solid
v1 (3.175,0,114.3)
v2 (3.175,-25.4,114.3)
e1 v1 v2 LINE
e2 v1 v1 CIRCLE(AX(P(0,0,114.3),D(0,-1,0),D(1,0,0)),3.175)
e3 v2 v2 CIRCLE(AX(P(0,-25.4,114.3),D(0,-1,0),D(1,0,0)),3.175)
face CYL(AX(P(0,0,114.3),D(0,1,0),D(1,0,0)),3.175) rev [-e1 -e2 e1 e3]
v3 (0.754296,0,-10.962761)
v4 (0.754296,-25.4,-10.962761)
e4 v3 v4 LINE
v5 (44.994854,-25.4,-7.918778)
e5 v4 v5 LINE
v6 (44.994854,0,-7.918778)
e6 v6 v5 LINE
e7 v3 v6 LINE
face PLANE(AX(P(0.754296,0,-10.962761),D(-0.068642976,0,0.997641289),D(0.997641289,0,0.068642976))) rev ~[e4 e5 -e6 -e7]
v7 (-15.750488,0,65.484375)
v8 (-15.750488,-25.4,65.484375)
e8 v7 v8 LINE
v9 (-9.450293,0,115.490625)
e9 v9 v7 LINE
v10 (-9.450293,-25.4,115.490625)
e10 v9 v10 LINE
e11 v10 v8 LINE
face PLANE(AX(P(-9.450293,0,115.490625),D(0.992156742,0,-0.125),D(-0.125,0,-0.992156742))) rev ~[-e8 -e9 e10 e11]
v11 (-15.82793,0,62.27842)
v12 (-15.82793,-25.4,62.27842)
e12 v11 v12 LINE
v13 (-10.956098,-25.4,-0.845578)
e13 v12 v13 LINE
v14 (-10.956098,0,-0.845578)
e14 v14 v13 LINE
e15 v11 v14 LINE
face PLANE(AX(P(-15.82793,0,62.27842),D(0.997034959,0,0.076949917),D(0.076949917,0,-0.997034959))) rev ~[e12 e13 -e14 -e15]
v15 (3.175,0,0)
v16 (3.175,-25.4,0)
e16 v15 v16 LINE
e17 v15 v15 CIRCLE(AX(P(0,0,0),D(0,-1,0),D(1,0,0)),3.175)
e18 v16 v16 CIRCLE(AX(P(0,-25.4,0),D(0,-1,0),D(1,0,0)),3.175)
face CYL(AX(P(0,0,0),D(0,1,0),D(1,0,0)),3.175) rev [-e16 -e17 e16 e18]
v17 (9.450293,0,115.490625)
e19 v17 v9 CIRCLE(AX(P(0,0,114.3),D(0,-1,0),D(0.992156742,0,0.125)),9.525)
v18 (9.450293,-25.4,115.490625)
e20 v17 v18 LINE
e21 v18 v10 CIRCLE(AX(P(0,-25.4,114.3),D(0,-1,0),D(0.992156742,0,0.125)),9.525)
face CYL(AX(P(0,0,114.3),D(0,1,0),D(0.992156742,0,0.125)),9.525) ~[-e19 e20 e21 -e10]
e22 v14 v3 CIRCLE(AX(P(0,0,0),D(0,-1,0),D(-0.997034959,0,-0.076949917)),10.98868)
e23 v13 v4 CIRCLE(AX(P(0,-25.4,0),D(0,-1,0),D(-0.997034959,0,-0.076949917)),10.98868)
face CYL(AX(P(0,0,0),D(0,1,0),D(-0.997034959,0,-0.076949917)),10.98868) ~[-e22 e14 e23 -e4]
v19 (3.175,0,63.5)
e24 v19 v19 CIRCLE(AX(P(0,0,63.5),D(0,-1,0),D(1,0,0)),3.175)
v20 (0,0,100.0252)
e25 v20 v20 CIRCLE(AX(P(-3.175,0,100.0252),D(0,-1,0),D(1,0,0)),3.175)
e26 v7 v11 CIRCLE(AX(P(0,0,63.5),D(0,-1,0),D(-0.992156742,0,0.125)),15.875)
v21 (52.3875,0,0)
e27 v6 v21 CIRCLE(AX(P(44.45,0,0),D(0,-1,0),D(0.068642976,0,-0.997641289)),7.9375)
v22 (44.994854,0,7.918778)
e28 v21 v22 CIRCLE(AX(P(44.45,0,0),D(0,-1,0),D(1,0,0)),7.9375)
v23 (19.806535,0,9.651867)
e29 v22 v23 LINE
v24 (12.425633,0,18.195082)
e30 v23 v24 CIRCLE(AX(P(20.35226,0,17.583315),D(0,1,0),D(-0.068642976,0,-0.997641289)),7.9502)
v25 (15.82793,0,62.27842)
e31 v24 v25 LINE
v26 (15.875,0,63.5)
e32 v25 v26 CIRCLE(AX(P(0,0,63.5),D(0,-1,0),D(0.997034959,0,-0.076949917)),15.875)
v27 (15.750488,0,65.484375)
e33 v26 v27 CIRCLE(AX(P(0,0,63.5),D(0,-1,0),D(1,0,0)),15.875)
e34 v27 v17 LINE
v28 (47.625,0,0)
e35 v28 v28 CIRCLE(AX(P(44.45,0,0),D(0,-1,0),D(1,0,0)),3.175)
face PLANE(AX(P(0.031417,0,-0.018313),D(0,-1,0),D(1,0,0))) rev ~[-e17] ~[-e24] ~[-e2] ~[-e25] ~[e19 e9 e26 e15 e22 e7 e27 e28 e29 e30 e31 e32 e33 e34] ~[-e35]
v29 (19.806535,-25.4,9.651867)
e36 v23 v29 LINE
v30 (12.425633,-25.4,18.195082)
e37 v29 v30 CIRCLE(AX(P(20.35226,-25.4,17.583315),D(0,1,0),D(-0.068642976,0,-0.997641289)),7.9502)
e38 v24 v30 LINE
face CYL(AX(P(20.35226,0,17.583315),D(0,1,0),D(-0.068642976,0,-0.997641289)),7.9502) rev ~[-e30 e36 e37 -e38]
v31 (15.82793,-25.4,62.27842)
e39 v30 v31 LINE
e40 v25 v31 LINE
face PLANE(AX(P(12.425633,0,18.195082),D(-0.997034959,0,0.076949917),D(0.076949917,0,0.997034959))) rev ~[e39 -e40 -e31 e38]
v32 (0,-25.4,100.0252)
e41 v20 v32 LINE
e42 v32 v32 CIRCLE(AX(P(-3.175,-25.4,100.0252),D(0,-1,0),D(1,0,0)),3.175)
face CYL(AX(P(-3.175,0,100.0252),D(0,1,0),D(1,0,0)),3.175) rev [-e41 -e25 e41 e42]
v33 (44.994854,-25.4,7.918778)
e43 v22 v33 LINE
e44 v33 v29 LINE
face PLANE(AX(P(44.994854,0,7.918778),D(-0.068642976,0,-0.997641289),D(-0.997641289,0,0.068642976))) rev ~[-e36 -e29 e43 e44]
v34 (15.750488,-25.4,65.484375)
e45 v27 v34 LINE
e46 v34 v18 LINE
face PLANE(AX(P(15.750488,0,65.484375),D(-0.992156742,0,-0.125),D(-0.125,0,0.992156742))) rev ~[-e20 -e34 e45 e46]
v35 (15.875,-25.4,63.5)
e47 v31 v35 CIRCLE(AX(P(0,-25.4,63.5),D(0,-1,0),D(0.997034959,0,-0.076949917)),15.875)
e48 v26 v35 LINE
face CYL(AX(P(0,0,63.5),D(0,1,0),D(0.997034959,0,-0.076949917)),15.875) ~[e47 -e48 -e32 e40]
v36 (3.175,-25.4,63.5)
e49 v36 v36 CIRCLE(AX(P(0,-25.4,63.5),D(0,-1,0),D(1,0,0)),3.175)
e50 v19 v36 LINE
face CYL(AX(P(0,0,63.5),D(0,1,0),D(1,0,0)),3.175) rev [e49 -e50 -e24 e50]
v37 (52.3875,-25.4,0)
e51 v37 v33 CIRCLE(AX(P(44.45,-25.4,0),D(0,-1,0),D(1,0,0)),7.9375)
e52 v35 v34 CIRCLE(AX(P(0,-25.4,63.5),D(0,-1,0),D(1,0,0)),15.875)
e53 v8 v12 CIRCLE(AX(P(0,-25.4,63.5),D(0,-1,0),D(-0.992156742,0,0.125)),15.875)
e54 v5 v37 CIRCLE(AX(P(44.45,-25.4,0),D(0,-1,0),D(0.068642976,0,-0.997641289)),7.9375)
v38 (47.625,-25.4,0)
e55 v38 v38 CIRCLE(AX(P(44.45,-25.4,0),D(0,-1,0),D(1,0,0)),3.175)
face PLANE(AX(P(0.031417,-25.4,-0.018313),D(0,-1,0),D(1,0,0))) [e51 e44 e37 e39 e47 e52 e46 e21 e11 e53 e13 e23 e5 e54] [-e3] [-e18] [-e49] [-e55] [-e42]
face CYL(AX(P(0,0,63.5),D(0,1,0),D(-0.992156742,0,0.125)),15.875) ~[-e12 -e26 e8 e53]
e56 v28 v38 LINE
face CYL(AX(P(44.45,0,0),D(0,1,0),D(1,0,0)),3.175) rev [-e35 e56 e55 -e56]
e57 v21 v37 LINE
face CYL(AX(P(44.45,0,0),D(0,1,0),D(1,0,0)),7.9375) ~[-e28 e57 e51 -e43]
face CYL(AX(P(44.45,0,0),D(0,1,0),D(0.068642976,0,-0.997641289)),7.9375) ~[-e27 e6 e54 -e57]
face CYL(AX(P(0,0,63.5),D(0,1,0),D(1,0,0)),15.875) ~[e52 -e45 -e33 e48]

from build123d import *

# Parameters (mm, degrees)
F0_R     = 3.175
F1_DEPTH = 25.4


with BuildPart() as f1:
    # F0 (on Front) → F1 (new body)
    with BuildSketch(Plane.XZ):
        with BuildLine():
            ThreePointArc((10.9560984125, -0.8455780324), (10.9805318034, -0.4231027617), (10.9886802953, 0))
            ThreePointArc((10.9886802953, 0), (8.0324283114, 7.4987458988), (0.7542957208, 10.9627611759))
            ThreePointArc((0.7542957208, 10.9627611759), (-7.8024619995, 7.7377439463), (-10.9560984125, -0.8455780324))
            ThreePointArc((-10.9560984125, -0.8455780324), (-7.1839086318, -8.3152000218), (0.7542957208, -10.9627611759))
            ThreePointArc((0.7542957208, -10.9627611759), (7.7377439463, -7.8024619995), (10.9560984125, -0.8455780324))
        make_face()
        Circle(F0_R, mode=Mode.SUBTRACT)
        with BuildLine():
            ThreePointArc((-10.9560984125, -0.8455780324), (-7.8024619995, 7.7377439463), (0.7542957208, 10.9627611759))
            Line((0.7542957208, 10.9627611759), (11.8087488118, 10.2021565683))
            Line((11.8087488118, 10.2021565683), (12.4256328253, 18.195081766))
            Line((12.4256328253, 18.195081766), (15.827929981, 62.2784200738))
            ThreePointArc((15.827929981, 62.2784200738), (0, 47.625), (-15.827929981, 62.2784200738))
            Line((-15.827929981, 62.2784200738), (-10.9560984125, -0.8455780324))
        make_face()
        with BuildLine():
            Line((11.8087488118, 10.2021565683), (10.9560984125, -0.8455780324))
            ThreePointArc((10.9560984125, -0.8455780324), (7.7377439463, -7.8024619995), (0.7542957208, -10.9627611759))
            Line((0.7542957208, -10.9627611759), (44.9948536242, -7.9187777326))
            ThreePointArc((44.9948536242, -7.9187777326), (36.5125, 0), (44.9948536242, 7.9187777326))
            Line((44.9948536242, 7.9187777326), (19.8065347698, 9.651866762))
            Line((19.8065347698, 9.651866762), (11.8087488118, 10.2021565683))
        make_face()
        with BuildLine():
            Line((12.4256328253, 18.195081766), (11.8087488118, 10.2021565683))
            Line((11.8087488118, 10.2021565683), (19.8065347698, 9.651866762))
            ThreePointArc((19.8065347698, 9.651866762), (14.3362963282, 12.3858286836), (12.4256328253, 18.195081766))
        make_face()
        with BuildLine():
            ThreePointArc((-15.7504882737, 65.484375), (-15.8703705569, 63.8833580385), (-15.827929981, 62.2784200738))
            ThreePointArc((-15.827929981, 62.2784200738), (0, 47.625), (15.827929981, 62.2784200738))
            ThreePointArc((15.827929981, 62.2784200738), (15.8632281306, 62.8887567786), (15.875, 63.5))
            ThreePointArc((15.875, 63.5), (15.8438414904, 64.4941387366), (15.7504882737, 65.484375))
            ThreePointArc((15.7504882737, 65.484375), (0, 79.375), (-15.7504882737, 65.484375))
        make_face()
        with Locations((0, 63.5)):
            Circle(F0_R, mode=Mode.SUBTRACT)
        with BuildLine():
            ThreePointArc((44.9948536242, 7.9187777326), (36.5125, 0), (44.9948536242, -7.9187777326))
            ThreePointArc((44.9948536242, -7.9187777326), (50.252097978, -5.4166008995), (52.3875, 0))
            ThreePointArc((52.3875, 0), (50.252097978, 5.4166008995), (44.9948536242, 7.9187777326))
        make_face()
        with Locations((44.45, 0)):
            Circle(F0_R, mode=Mode.SUBTRACT)
        with BuildLine():
            Line((-9.4502929642, 115.490625), (-15.7504882737, 65.484375))
            ThreePointArc((-15.7504882737, 65.484375), (0, 79.375), (15.7504882737, 65.484375))
            Line((15.7504882737, 65.484375), (9.4502929642, 115.490625))
            ThreePointArc((9.4502929642, 115.490625), (9.5063048942, 114.896483242), (9.525, 114.3))
            ThreePointArc((9.525, 114.3), (-0.596483242, 104.7936951058), (-9.4502929642, 115.490625))
        make_face()
        with Locations((-3.175, 100.0252)):
            Circle(F0_R, mode=Mode.SUBTRACT)
        with BuildLine():
            ThreePointArc((9.4502929642, 115.490625), (0, 123.825), (-9.4502929642, 115.490625))
            ThreePointArc((-9.4502929642, 115.490625), (-0.596483242, 104.7936951058), (9.525, 114.3))
            ThreePointArc((9.525, 114.3), (9.5063048942, 114.896483242), (9.4502929642, 115.490625))
        make_face()
        with Locations((0, 114.3)):
            Circle(F0_R, mode=Mode.SUBTRACT)
        with BuildLine():
            ThreePointArc((0.7542957208, 10.9627611759), (8.0324283114, 7.4987458988), (10.9886802953, 0))
            ThreePointArc((10.9886802953, 0), (10.9805318034, -0.4231027617), (10.9560984125, -0.8455780324))
            Line((10.9560984125, -0.8455780324), (11.8087488118, 10.2021565683))
            Line((11.8087488118, 10.2021565683), (0.7542957208, 10.9627611759))
        make_face()
    extrude(amount=F1_DEPTH)


solid = f1.part
